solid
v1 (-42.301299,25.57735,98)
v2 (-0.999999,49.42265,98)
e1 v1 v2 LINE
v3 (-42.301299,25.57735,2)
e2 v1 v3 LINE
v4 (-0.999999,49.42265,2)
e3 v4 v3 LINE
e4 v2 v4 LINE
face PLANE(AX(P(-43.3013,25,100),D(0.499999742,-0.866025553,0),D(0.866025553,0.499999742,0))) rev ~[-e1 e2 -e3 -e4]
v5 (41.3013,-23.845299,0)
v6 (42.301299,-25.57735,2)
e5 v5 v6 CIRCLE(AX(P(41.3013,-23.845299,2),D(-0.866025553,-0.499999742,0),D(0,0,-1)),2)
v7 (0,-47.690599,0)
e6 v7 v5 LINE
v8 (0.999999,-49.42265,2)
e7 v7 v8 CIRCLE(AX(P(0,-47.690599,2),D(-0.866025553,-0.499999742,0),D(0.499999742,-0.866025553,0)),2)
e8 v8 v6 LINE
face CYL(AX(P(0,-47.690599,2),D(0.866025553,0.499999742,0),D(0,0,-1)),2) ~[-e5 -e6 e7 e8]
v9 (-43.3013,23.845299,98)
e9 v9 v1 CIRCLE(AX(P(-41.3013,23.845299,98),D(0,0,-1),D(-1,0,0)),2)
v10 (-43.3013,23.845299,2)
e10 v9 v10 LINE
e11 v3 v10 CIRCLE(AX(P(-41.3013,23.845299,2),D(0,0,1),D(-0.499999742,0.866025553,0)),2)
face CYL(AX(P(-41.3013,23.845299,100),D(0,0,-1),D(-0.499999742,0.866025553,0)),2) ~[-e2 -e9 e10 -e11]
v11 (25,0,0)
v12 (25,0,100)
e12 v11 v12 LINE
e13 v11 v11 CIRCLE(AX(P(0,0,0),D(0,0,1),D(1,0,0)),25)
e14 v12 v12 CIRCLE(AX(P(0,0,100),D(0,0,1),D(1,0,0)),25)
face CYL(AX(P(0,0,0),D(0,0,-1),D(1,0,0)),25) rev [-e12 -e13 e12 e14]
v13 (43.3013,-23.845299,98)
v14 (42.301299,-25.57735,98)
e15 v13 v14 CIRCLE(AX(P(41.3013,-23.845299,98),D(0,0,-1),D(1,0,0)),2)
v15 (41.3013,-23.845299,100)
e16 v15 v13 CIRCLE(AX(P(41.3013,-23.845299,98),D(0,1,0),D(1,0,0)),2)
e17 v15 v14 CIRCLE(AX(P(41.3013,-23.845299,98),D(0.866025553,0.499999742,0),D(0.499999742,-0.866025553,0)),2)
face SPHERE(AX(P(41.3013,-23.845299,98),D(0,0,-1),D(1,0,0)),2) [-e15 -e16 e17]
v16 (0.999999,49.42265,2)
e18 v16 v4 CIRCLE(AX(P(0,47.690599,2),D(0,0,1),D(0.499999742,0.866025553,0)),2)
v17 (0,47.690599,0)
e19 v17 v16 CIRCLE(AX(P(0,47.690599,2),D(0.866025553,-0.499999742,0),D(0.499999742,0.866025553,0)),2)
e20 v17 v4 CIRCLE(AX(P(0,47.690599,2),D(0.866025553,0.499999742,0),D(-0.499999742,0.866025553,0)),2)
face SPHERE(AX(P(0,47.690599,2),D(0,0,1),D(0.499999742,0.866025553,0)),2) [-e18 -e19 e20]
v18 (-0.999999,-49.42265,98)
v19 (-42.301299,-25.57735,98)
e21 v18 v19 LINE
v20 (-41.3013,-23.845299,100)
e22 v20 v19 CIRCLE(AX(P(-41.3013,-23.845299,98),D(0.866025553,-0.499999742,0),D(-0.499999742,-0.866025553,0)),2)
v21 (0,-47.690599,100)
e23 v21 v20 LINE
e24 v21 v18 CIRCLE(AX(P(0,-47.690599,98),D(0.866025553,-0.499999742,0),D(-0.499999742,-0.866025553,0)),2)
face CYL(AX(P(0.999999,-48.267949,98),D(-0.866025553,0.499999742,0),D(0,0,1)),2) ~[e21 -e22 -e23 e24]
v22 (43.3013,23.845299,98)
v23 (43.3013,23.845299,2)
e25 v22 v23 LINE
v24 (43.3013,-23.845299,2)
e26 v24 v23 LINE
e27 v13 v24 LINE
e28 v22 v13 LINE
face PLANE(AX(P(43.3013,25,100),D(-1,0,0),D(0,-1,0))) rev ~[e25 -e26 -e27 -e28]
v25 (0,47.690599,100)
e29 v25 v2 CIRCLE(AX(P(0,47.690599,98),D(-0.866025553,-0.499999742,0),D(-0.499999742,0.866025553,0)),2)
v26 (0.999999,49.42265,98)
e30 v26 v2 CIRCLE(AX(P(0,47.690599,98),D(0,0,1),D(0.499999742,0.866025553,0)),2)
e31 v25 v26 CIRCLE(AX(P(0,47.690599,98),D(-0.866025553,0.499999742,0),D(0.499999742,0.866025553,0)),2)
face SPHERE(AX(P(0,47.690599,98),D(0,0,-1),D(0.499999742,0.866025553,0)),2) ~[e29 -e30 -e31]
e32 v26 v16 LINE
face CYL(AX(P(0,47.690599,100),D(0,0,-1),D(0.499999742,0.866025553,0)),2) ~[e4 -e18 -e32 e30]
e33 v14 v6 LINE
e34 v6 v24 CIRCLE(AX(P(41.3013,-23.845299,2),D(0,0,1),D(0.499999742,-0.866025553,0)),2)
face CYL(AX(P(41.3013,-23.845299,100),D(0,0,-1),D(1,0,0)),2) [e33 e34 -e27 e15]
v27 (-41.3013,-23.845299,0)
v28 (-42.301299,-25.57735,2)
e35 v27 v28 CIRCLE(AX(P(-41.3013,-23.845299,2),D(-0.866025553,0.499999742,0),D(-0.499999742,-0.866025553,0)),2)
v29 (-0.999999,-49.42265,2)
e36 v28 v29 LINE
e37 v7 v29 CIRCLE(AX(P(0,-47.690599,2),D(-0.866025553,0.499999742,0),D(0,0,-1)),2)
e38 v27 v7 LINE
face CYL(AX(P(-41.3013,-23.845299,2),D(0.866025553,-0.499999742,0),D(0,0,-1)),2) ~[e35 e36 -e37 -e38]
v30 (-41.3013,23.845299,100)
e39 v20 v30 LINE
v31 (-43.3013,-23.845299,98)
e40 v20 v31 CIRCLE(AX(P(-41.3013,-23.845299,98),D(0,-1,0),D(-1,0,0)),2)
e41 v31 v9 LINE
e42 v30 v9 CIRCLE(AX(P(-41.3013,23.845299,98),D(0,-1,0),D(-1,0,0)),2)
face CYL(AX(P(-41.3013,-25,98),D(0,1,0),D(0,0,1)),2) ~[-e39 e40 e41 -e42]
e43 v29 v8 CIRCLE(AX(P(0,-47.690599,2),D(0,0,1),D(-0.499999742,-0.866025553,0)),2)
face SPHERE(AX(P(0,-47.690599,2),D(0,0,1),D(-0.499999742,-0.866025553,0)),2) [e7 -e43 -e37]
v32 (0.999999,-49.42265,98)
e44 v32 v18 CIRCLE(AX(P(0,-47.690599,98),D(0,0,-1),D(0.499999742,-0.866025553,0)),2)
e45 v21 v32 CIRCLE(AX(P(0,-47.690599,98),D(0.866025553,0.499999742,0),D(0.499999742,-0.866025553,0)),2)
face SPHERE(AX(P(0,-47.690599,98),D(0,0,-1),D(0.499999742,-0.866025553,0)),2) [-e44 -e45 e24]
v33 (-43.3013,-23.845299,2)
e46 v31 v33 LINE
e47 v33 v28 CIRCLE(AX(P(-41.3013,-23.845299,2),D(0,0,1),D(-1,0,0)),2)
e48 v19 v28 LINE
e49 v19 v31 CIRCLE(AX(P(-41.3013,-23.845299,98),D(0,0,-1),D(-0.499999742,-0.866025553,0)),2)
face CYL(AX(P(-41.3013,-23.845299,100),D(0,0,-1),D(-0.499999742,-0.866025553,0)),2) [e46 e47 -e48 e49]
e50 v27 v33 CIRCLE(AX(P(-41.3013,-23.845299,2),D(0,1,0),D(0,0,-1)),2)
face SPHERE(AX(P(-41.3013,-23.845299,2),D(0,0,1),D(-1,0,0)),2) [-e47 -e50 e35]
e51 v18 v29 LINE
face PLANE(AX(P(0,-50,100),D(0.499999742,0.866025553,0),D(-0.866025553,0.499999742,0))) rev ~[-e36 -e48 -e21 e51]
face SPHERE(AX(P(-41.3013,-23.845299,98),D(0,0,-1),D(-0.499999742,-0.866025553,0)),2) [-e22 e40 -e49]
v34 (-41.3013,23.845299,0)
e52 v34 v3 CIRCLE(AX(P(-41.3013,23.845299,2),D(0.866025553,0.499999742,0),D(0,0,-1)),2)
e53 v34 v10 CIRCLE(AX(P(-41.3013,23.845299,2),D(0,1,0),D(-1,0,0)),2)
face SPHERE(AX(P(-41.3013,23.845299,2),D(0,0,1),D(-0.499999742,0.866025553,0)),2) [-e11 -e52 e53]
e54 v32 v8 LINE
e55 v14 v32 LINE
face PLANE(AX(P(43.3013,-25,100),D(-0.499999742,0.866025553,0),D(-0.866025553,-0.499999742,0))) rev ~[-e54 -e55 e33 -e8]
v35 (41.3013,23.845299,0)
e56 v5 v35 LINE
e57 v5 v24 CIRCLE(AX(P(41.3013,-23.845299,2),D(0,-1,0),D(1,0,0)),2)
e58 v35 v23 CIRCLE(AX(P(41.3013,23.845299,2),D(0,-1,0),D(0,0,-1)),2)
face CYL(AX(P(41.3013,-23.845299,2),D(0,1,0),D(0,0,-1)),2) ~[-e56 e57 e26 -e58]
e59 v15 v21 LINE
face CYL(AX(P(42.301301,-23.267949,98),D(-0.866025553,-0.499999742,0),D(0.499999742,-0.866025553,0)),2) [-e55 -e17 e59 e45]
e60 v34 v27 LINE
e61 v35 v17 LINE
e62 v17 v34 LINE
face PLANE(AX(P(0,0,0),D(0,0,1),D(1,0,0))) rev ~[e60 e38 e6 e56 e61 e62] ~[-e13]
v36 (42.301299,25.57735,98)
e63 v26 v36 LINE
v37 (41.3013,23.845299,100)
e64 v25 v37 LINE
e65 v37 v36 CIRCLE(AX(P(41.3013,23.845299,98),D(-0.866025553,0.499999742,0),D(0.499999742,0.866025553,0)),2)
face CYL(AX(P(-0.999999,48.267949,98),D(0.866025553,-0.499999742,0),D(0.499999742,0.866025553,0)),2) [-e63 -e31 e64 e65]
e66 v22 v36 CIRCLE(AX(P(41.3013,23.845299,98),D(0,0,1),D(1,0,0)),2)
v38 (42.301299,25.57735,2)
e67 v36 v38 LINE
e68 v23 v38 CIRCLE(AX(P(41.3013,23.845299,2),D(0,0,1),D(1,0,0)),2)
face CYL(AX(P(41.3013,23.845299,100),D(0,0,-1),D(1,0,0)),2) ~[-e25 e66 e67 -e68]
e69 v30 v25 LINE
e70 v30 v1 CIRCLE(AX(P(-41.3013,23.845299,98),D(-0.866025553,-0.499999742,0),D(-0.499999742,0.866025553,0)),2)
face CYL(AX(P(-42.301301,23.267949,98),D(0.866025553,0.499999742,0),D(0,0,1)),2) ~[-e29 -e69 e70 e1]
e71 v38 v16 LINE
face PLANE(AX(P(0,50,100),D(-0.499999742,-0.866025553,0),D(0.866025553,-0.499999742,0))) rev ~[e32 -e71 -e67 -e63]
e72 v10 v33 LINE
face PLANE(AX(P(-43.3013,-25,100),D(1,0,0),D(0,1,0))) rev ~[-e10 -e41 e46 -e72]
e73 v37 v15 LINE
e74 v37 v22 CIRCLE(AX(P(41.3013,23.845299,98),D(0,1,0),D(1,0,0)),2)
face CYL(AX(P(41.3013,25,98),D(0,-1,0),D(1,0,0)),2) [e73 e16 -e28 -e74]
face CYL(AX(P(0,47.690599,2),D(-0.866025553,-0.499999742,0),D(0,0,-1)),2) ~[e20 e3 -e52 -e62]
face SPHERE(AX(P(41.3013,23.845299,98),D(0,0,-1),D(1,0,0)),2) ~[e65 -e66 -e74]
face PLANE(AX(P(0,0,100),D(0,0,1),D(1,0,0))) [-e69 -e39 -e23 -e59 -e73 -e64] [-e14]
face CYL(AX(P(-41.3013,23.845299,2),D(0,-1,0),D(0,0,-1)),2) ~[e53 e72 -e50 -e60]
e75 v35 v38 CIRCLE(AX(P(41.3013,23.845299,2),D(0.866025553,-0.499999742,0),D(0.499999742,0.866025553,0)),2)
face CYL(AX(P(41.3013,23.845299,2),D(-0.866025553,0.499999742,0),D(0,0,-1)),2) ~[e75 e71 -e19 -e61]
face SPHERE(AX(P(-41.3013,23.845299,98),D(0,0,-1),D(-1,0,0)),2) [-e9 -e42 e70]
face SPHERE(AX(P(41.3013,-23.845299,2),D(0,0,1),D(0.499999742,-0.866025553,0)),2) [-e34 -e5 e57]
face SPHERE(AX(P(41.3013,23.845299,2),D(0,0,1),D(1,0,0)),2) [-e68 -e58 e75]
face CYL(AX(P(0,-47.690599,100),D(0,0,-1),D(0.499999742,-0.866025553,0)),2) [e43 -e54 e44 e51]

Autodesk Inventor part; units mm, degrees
ref_plane "YZ Plane" through (0, 0, 0) normal (1, 0, 0) x (0, 1, 0)
ref_plane "XZ Plane" through (0, 0, 0) normal (0, 1, 0) x (-1, 0, 0)
ref_plane "XY Plane" through (0, 0, 0) normal (0, 0, 1) x (1, 0, 0)
sketch "Sketch1" plane through (0, 0, 0) normal (0, 0, 1) x (1, 0, 0)
  circle A0 centre (0, 0) radius 50
  circle A1 centre (0, 0) radius 25
  dimension "d0" = 100
  dimension "d1" = 50
extrude "Extrusion1" add sketch "Sketch1" along normal blind 100
sketch "Sketch2" plane through (0, 0, 100) normal (0, 0, 1) x (1, 0, 0)
  circle A0 centre (0, 0) radius 50 projected
  line L0 (0, 50) -> (43.3013, 25)
  line L1 (43.3013, 25) -> (43.3013, -25)
  line L2 (43.3013, -25) -> (0, -50)
  line L3 (0, -50) -> (-43.3013, -25)
  line L4 (-43.3013, -25) -> (-43.3013, 25)
  line L5 (-43.3013, 25) -> (0, 50)
  circle A1 centre (0, 0) radius 50
  dimension "d4" = 0
extrude "Extrusion2" cut sketch "Sketch2" against normal blind 100 contours A0 L1 | L0 A0 | A0 L2 | L5 A0 | A0 L3 | L4 A0
fillet "Fillet1" radius 2 12 edges at (0, 50, 50) (21.6506, 37.5, 100) (-21.6506, 37.5, 100) (43.3013, 25, 50) (43.3013, -25, 50) (43.3013, 0, 100) (-43.3013, 25, 50) (-43.3013, 0, 100) (-43.3013, -25, 50) (-21.6506, -37.5, 100) (0, -50, 50) (21.6506, -37.5, 100)
fillet "Fillet2" radius 2 12 edges at (0, 49.6906, 0) (21.6506, 37.5, 0) (43.0333, 24.8453, 0) (43.3013, 0, 0) (43.0333, -24.8453, 0) (21.6506, -37.5, 0) (0, -49.6906, 0) (-21.6506, -37.5, 0) (-43.0333, -24.8453, 0) (-43.3013, 0, 0) (-43.0333, 24.8453, 0) (-21.6506, 37.5, 0)
properties part number "Nut" material "Iron, Malleable"
